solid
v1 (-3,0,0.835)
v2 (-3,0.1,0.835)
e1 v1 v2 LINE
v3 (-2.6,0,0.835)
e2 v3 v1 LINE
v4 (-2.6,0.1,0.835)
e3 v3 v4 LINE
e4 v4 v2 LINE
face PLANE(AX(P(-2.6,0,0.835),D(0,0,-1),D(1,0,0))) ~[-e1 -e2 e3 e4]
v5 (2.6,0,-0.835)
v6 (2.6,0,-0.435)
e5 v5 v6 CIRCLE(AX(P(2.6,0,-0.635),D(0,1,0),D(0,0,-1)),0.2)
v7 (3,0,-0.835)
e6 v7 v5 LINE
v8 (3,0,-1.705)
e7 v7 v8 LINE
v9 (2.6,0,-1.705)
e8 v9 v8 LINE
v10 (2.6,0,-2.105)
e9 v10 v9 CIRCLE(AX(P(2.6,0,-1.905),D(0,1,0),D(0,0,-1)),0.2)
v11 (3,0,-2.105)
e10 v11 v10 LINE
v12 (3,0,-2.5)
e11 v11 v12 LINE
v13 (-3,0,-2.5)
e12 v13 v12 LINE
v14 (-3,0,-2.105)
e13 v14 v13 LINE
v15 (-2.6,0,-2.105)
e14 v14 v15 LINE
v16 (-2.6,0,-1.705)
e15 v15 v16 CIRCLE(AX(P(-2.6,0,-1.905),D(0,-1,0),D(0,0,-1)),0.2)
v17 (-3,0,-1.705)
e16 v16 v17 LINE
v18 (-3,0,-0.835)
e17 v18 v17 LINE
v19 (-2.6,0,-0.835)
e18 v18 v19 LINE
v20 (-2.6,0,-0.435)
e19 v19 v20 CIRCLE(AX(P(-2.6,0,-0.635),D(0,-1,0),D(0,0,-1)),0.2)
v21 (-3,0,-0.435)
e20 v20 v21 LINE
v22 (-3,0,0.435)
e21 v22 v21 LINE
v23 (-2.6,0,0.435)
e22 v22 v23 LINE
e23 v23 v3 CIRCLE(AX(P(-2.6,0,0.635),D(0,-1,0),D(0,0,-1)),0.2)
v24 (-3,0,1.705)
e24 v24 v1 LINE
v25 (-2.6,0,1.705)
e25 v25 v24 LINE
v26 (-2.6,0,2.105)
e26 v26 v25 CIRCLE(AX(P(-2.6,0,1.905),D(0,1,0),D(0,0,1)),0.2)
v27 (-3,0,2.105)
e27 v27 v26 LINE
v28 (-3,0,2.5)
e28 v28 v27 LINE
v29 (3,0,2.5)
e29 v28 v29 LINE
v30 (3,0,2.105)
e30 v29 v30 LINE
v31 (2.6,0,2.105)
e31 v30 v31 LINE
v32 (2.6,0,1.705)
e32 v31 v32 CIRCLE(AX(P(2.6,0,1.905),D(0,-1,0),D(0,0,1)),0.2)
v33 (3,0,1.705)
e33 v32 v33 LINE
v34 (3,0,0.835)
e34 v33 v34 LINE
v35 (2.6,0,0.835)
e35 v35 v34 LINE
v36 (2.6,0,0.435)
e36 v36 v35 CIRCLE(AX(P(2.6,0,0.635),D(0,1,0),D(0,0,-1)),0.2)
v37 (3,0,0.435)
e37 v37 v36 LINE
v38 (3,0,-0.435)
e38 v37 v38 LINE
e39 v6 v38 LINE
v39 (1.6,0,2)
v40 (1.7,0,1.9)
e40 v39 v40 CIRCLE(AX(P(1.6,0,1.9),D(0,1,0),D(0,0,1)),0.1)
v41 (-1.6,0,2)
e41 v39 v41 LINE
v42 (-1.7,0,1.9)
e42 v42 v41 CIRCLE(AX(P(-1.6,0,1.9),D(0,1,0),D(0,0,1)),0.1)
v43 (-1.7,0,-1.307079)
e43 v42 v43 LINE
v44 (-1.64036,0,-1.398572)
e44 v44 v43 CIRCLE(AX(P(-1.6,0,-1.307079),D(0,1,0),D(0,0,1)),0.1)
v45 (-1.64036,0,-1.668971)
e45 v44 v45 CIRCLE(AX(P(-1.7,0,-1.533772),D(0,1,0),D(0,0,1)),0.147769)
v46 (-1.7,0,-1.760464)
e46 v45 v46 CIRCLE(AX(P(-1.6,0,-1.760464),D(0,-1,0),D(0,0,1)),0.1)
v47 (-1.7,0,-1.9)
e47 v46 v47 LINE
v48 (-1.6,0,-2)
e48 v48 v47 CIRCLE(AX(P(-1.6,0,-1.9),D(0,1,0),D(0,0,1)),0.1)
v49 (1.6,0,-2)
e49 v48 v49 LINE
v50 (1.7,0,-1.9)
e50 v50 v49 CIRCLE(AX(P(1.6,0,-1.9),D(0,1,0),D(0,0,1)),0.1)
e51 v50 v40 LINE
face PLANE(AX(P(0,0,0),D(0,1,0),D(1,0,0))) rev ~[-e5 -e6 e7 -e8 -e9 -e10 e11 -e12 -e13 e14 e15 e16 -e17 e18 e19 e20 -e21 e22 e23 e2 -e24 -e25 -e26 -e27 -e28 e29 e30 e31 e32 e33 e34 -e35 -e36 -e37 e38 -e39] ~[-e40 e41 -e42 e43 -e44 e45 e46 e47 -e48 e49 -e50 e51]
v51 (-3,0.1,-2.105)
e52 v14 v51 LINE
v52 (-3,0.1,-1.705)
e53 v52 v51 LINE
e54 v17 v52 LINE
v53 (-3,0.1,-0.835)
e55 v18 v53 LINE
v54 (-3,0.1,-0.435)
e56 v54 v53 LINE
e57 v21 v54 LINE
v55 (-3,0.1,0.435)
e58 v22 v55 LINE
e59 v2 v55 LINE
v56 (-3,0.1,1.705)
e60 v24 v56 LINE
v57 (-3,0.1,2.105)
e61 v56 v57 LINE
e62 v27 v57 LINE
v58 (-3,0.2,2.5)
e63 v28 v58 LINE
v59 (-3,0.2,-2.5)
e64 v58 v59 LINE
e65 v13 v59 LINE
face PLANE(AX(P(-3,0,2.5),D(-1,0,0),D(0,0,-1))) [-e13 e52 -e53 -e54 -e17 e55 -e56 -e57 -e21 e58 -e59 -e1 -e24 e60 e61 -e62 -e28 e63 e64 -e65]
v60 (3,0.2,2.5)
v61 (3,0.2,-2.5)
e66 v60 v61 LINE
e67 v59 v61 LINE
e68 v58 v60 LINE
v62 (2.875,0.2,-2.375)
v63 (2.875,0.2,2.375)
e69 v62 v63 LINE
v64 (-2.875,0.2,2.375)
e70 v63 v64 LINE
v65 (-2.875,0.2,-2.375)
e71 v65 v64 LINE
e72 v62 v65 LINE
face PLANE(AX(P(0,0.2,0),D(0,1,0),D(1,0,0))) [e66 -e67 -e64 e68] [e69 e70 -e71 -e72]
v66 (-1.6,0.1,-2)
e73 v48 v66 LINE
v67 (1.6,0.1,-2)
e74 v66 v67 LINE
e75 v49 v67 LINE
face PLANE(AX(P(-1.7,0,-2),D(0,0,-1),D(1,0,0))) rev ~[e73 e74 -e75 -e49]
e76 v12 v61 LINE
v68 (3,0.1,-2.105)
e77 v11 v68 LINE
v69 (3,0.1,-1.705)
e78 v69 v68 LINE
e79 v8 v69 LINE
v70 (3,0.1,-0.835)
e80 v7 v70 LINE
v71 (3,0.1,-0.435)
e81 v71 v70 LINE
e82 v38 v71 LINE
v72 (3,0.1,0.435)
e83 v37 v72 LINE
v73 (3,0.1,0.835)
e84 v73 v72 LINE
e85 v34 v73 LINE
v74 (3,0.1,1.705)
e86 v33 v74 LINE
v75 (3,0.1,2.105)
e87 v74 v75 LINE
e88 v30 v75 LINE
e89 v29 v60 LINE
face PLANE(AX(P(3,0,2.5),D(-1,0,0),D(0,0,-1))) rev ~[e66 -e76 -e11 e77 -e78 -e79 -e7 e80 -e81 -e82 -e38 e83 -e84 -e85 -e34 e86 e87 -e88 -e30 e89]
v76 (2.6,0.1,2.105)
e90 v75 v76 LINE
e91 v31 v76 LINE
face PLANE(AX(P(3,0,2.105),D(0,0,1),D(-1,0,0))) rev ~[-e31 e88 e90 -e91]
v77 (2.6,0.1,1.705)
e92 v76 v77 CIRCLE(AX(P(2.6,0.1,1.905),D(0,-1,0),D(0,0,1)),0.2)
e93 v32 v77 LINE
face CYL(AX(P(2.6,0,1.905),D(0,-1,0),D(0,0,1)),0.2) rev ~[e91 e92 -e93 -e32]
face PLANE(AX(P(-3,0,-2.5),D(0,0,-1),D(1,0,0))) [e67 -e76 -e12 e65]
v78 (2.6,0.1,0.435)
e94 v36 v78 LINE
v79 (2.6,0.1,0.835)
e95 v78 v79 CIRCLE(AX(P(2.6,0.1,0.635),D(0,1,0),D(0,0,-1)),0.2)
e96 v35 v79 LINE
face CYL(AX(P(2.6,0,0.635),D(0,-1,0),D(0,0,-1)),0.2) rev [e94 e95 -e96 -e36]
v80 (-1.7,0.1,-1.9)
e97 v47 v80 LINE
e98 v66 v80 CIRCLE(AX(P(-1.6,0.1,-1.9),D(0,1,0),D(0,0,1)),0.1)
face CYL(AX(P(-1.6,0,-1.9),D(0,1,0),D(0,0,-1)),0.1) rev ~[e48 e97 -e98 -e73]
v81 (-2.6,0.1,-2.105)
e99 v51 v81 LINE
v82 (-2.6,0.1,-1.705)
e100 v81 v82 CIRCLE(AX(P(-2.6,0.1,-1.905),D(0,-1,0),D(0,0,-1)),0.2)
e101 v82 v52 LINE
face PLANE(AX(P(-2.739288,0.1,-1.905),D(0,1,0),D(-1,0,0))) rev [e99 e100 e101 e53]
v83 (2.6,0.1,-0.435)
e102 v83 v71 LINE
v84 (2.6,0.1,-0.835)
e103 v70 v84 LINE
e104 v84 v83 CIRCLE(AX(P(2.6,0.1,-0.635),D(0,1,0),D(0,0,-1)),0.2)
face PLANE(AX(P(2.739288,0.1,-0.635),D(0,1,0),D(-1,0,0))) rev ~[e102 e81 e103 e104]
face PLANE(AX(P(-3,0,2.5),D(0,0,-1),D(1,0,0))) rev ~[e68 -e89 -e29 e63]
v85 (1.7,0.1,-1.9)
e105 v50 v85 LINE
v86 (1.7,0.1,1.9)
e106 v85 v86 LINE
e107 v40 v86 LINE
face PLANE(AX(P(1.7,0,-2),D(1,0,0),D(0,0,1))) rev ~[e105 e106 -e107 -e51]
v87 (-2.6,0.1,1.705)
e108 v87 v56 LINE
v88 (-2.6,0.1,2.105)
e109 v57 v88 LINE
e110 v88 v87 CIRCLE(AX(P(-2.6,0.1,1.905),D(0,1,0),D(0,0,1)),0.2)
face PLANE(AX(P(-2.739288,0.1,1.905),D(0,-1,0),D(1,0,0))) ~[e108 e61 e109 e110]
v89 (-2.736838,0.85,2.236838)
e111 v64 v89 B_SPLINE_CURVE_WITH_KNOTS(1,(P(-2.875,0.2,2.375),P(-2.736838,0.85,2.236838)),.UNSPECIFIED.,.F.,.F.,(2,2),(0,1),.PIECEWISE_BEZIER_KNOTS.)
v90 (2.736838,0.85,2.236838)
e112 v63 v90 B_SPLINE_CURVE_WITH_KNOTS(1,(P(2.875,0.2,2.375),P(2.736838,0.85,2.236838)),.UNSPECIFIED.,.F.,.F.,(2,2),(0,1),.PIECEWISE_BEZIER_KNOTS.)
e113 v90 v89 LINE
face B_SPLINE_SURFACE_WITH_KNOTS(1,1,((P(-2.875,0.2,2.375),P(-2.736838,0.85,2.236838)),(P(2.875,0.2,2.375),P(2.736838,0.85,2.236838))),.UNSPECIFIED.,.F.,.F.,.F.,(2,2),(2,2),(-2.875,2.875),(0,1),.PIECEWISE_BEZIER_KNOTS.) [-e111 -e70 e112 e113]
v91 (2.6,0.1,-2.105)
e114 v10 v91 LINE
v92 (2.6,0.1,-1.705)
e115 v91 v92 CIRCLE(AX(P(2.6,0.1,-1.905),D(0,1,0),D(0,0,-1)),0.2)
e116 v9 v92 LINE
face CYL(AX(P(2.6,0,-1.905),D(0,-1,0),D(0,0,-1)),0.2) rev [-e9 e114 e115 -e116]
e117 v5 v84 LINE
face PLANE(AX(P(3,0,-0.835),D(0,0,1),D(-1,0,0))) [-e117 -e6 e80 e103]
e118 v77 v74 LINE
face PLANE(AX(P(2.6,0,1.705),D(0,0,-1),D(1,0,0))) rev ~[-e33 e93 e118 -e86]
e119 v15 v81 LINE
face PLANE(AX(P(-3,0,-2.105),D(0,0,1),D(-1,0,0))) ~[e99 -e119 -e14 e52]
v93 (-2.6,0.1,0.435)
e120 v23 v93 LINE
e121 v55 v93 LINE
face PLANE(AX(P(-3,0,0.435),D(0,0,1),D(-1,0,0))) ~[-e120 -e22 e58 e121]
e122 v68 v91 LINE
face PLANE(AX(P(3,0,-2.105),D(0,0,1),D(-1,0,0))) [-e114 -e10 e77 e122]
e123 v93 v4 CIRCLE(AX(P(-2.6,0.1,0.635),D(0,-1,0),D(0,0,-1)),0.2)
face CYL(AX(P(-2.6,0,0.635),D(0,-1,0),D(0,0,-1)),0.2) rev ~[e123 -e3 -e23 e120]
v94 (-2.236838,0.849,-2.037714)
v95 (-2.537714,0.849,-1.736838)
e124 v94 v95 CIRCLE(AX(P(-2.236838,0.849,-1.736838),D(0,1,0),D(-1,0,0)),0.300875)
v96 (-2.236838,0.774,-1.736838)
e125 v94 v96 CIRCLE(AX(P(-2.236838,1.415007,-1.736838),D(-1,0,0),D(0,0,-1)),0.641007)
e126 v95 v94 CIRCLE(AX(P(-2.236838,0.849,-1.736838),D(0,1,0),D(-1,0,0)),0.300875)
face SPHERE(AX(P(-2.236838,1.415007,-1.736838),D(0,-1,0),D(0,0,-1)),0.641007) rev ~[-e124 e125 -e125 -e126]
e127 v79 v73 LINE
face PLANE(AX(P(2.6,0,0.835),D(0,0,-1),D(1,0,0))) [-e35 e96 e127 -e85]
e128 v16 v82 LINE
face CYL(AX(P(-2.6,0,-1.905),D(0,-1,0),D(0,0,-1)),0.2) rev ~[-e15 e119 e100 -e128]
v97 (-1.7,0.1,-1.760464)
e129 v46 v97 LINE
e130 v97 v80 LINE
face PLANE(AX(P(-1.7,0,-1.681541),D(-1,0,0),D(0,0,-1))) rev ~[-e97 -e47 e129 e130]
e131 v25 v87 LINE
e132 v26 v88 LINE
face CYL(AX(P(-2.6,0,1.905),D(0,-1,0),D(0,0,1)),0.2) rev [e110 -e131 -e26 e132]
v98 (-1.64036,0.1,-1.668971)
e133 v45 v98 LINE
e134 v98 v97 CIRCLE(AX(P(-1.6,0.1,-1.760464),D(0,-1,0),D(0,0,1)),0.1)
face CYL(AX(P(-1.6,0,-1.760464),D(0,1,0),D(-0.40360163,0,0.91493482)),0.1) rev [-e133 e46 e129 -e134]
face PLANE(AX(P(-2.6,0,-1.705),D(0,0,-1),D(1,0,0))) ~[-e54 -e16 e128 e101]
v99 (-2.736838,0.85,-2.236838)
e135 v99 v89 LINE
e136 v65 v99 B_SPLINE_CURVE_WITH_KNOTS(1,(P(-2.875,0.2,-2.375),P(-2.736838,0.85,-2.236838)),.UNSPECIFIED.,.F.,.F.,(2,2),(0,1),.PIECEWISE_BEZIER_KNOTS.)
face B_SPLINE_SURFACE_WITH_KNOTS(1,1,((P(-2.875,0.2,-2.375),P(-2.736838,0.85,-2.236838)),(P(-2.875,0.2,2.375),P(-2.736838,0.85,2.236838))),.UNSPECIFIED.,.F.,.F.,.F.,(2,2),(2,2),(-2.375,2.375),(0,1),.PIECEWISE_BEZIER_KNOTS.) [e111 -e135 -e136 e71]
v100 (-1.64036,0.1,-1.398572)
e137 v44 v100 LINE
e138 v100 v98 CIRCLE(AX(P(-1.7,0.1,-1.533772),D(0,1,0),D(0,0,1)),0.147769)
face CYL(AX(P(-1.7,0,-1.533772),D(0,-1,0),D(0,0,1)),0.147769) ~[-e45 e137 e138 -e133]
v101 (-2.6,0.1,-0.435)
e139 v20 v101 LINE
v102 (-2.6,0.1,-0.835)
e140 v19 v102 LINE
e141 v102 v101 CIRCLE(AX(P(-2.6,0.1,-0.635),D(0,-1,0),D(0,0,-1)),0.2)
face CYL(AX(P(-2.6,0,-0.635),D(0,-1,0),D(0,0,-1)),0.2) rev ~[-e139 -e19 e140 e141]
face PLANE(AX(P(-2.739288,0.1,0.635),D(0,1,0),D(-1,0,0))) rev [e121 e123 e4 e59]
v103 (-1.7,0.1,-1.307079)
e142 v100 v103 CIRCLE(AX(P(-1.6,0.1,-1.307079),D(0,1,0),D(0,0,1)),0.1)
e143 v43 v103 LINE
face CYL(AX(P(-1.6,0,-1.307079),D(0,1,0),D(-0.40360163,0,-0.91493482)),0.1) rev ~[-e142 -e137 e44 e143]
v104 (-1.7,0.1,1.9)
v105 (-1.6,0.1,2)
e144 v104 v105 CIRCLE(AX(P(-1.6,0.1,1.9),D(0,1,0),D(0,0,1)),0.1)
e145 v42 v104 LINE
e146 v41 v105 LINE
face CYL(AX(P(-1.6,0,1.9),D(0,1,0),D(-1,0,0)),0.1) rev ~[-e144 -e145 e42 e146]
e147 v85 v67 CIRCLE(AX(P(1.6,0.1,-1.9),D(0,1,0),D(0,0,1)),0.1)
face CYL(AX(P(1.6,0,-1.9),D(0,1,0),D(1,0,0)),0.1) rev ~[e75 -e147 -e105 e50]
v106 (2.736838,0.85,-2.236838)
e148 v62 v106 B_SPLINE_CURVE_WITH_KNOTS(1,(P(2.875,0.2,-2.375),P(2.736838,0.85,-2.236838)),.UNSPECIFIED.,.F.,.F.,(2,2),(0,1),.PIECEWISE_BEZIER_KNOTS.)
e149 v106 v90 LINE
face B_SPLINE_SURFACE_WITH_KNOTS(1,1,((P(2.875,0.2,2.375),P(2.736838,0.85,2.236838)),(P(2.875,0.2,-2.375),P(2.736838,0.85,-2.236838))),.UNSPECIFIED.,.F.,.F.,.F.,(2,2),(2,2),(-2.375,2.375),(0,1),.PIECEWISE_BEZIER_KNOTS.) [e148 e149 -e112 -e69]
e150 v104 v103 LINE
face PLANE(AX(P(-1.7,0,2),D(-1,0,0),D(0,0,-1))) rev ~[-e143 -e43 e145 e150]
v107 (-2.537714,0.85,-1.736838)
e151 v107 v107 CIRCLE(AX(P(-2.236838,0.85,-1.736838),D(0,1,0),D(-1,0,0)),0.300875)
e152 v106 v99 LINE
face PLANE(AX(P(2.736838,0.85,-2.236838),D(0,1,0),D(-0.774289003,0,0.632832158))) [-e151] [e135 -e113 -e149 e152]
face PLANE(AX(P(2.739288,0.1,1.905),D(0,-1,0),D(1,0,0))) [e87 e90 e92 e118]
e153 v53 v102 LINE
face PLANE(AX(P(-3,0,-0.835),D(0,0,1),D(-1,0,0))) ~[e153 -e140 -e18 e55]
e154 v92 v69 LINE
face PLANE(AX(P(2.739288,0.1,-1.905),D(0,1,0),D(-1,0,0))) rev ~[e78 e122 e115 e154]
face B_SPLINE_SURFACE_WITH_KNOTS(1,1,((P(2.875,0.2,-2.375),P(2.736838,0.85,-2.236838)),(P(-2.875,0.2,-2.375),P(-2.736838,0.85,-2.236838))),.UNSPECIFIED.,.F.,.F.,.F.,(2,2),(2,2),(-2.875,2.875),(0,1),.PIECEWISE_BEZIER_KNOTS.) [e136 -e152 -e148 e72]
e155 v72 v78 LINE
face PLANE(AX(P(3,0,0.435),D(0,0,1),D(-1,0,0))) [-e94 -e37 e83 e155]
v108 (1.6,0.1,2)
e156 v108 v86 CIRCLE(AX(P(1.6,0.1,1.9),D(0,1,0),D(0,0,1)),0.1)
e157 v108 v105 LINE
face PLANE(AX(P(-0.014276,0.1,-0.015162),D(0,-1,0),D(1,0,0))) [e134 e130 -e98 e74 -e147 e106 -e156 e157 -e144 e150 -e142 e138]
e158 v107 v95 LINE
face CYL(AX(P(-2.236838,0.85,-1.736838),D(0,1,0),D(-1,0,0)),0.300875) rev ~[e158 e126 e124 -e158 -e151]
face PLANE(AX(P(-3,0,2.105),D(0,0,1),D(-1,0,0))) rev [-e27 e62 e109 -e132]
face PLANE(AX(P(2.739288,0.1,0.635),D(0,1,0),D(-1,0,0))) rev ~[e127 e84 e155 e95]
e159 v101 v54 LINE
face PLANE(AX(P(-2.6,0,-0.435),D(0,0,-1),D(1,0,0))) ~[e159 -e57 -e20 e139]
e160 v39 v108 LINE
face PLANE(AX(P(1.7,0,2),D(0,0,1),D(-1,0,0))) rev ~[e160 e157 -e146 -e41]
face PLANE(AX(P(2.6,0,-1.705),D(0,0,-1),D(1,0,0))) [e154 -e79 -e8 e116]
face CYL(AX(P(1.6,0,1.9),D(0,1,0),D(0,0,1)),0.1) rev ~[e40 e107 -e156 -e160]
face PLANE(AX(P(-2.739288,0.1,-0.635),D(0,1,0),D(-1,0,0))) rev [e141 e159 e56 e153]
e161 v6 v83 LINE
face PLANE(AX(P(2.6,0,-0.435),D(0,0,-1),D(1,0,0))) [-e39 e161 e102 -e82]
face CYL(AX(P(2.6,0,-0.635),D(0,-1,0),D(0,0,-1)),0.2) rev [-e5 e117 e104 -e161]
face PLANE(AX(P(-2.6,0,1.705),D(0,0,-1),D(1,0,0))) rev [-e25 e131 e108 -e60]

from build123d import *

# Parameters (mm, degrees)
SKETCH1_W         = 6
SKETCH1_H         = 5
EXTRUDE1_DEPTH    = 0.2
SKETCH2_W         = 5.75
SKETCH2_H         = 4.75
EXTRUDE2_DEPTH    = 0.65
EXTRUDE2_TAPER    = 12
SKETCH3_R         = 0.30087537
EXTRUDE3_DEPTH    = 0.001
DOME1_FACE_RADIUS = 0.30087537
DOME1_HEIGHT      = 0.075
EXTRUDE4_DEPTH    = 0.1
FILLET1_R         = 0.1
EXTRUDE5_DEPTH    = 0.1


with BuildPart() as part:
    # Sketch1 → Extrude1 (new body)
    with BuildSketch(Plane(origin=(0, 0, 0), x_dir=(1, 0, 0), z_dir=(0, 1, 0))):
        Rectangle(SKETCH1_W, SKETCH1_H)
    extrude(amount=EXTRUDE1_DEPTH)

    # Sketch2 → Extrude2 (add)
    with BuildSketch(Plane(origin=(0, 0.2, 0), x_dir=(-1, 0, 0), z_dir=(0, 1, 0))):
        Rectangle(SKETCH2_W, SKETCH2_H)
    extrude(amount=EXTRUDE2_DEPTH, taper=EXTRUDE2_TAPER)

    # Sketch3 → Extrude3 (cut)
    with BuildSketch(Plane(origin=(0, 0.85, 0), x_dir=(-1, 0, 0), z_dir=(0, 1, 0))):
        with Locations((2.236838235, -1.736838235)):
            Circle(SKETCH3_R)
    extrude(amount=-EXTRUDE3_DEPTH, mode=Mode.SUBTRACT)

    # Dome1: a dome of height H over a round flat face of radius A is a cap of a sphere of radius (A * A + H * H) / (2 * H)
    dome1_r = (DOME1_FACE_RADIUS * DOME1_FACE_RADIUS + DOME1_HEIGHT * DOME1_HEIGHT) / (2 * DOME1_HEIGHT)
    dome1_base = Plane((-2.236838235, 0.849, -1.736838235), z_dir=(0, -1, 0))
    with Locations(dome1_base.offset(DOME1_HEIGHT - dome1_r)):
        dome1_ball = Sphere(dome1_r, mode=Mode.PRIVATE)
    add(split(dome1_ball, bisect_by=dome1_base, keep=Keep.TOP, mode=Mode.PRIVATE), mode=Mode.SUBTRACT)

    # Sketch4 → Extrude4 (cut)
    with BuildSketch(Plane.XZ):
        with BuildLine():
            Line((-1.7, -1.68154059), (-1.7, -2))
            Line((-1.7, -2), (1.7, -2))
            Line((1.7, -2), (1.7, 2))
            Line((1.7, 2), (-1.7, 2))
            Line((-1.7, 2), (-1.7, -1.386002452))
            ThreePointArc((-1.7, -1.386002452), (-1.552230931, -1.533771521), (-1.7, -1.68154059))
        make_face()
    extrude(amount=-EXTRUDE4_DEPTH, mode=Mode.SUBTRACT)

    # Fillet1
    fillet1_edges = [part.edges().sort_by_distance(p)[0] for p in [
        (1.7, 0.05, 2),
        (1.7, 0.05, -2),
        (-1.7, 0.05, -2),
        (-1.7, 0.05, -1.68154059),
        (-1.7, 0.05, -1.386002452),
        (-1.7, 0.05, 2),
    ]]
    fillet(fillet1_edges, radius=FILLET1_R)

    # Sketch5 → Extrude5 (cut)
    with BuildSketch(Plane.XZ):
        with BuildLine():
            Line((3, 2.105), (2.6, 2.105))
            ThreePointArc((2.6, 2.105), (2.4, 1.905), (2.6, 1.705))
            Line((2.6, 1.705), (3, 1.705))
            Line((3, 1.705), (3, 2.105))
        make_face()
        with BuildLine():
            Line((3, 0.435), (2.6, 0.435))
            ThreePointArc((2.6, 0.435), (2.4, 0.635), (2.6, 0.835))
            Line((2.6, 0.835), (3, 0.835))
            Line((3, 0.835), (3, 0.435))
        make_face()
        with BuildLine():
            Line((3, -0.835), (2.6, -0.835))
            ThreePointArc((2.6, -0.835), (2.4, -0.635), (2.6, -0.435))
            Line((2.6, -0.435), (3, -0.435))
            Line((3, -0.435), (3, -0.835))
        make_face()
        with BuildLine():
            Line((3, -2.105), (2.6, -2.105))
            ThreePointArc((2.6, -2.105), (2.4, -1.905), (2.6, -1.705))
            Line((2.6, -1.705), (3, -1.705))
            Line((3, -1.705), (3, -2.105))
        make_face()
    extrude5 = extrude(amount=-EXTRUDE5_DEPTH, mode=Mode.SUBTRACT)

    # Mirror1: Extrude5 across plane
    add(extrude5.mirror(Plane(origin=(0, 0, 0), x_dir=(0, 0, 1), z_dir=(1, 0, 0))), mode=Mode.SUBTRACT)


solid = part.part
